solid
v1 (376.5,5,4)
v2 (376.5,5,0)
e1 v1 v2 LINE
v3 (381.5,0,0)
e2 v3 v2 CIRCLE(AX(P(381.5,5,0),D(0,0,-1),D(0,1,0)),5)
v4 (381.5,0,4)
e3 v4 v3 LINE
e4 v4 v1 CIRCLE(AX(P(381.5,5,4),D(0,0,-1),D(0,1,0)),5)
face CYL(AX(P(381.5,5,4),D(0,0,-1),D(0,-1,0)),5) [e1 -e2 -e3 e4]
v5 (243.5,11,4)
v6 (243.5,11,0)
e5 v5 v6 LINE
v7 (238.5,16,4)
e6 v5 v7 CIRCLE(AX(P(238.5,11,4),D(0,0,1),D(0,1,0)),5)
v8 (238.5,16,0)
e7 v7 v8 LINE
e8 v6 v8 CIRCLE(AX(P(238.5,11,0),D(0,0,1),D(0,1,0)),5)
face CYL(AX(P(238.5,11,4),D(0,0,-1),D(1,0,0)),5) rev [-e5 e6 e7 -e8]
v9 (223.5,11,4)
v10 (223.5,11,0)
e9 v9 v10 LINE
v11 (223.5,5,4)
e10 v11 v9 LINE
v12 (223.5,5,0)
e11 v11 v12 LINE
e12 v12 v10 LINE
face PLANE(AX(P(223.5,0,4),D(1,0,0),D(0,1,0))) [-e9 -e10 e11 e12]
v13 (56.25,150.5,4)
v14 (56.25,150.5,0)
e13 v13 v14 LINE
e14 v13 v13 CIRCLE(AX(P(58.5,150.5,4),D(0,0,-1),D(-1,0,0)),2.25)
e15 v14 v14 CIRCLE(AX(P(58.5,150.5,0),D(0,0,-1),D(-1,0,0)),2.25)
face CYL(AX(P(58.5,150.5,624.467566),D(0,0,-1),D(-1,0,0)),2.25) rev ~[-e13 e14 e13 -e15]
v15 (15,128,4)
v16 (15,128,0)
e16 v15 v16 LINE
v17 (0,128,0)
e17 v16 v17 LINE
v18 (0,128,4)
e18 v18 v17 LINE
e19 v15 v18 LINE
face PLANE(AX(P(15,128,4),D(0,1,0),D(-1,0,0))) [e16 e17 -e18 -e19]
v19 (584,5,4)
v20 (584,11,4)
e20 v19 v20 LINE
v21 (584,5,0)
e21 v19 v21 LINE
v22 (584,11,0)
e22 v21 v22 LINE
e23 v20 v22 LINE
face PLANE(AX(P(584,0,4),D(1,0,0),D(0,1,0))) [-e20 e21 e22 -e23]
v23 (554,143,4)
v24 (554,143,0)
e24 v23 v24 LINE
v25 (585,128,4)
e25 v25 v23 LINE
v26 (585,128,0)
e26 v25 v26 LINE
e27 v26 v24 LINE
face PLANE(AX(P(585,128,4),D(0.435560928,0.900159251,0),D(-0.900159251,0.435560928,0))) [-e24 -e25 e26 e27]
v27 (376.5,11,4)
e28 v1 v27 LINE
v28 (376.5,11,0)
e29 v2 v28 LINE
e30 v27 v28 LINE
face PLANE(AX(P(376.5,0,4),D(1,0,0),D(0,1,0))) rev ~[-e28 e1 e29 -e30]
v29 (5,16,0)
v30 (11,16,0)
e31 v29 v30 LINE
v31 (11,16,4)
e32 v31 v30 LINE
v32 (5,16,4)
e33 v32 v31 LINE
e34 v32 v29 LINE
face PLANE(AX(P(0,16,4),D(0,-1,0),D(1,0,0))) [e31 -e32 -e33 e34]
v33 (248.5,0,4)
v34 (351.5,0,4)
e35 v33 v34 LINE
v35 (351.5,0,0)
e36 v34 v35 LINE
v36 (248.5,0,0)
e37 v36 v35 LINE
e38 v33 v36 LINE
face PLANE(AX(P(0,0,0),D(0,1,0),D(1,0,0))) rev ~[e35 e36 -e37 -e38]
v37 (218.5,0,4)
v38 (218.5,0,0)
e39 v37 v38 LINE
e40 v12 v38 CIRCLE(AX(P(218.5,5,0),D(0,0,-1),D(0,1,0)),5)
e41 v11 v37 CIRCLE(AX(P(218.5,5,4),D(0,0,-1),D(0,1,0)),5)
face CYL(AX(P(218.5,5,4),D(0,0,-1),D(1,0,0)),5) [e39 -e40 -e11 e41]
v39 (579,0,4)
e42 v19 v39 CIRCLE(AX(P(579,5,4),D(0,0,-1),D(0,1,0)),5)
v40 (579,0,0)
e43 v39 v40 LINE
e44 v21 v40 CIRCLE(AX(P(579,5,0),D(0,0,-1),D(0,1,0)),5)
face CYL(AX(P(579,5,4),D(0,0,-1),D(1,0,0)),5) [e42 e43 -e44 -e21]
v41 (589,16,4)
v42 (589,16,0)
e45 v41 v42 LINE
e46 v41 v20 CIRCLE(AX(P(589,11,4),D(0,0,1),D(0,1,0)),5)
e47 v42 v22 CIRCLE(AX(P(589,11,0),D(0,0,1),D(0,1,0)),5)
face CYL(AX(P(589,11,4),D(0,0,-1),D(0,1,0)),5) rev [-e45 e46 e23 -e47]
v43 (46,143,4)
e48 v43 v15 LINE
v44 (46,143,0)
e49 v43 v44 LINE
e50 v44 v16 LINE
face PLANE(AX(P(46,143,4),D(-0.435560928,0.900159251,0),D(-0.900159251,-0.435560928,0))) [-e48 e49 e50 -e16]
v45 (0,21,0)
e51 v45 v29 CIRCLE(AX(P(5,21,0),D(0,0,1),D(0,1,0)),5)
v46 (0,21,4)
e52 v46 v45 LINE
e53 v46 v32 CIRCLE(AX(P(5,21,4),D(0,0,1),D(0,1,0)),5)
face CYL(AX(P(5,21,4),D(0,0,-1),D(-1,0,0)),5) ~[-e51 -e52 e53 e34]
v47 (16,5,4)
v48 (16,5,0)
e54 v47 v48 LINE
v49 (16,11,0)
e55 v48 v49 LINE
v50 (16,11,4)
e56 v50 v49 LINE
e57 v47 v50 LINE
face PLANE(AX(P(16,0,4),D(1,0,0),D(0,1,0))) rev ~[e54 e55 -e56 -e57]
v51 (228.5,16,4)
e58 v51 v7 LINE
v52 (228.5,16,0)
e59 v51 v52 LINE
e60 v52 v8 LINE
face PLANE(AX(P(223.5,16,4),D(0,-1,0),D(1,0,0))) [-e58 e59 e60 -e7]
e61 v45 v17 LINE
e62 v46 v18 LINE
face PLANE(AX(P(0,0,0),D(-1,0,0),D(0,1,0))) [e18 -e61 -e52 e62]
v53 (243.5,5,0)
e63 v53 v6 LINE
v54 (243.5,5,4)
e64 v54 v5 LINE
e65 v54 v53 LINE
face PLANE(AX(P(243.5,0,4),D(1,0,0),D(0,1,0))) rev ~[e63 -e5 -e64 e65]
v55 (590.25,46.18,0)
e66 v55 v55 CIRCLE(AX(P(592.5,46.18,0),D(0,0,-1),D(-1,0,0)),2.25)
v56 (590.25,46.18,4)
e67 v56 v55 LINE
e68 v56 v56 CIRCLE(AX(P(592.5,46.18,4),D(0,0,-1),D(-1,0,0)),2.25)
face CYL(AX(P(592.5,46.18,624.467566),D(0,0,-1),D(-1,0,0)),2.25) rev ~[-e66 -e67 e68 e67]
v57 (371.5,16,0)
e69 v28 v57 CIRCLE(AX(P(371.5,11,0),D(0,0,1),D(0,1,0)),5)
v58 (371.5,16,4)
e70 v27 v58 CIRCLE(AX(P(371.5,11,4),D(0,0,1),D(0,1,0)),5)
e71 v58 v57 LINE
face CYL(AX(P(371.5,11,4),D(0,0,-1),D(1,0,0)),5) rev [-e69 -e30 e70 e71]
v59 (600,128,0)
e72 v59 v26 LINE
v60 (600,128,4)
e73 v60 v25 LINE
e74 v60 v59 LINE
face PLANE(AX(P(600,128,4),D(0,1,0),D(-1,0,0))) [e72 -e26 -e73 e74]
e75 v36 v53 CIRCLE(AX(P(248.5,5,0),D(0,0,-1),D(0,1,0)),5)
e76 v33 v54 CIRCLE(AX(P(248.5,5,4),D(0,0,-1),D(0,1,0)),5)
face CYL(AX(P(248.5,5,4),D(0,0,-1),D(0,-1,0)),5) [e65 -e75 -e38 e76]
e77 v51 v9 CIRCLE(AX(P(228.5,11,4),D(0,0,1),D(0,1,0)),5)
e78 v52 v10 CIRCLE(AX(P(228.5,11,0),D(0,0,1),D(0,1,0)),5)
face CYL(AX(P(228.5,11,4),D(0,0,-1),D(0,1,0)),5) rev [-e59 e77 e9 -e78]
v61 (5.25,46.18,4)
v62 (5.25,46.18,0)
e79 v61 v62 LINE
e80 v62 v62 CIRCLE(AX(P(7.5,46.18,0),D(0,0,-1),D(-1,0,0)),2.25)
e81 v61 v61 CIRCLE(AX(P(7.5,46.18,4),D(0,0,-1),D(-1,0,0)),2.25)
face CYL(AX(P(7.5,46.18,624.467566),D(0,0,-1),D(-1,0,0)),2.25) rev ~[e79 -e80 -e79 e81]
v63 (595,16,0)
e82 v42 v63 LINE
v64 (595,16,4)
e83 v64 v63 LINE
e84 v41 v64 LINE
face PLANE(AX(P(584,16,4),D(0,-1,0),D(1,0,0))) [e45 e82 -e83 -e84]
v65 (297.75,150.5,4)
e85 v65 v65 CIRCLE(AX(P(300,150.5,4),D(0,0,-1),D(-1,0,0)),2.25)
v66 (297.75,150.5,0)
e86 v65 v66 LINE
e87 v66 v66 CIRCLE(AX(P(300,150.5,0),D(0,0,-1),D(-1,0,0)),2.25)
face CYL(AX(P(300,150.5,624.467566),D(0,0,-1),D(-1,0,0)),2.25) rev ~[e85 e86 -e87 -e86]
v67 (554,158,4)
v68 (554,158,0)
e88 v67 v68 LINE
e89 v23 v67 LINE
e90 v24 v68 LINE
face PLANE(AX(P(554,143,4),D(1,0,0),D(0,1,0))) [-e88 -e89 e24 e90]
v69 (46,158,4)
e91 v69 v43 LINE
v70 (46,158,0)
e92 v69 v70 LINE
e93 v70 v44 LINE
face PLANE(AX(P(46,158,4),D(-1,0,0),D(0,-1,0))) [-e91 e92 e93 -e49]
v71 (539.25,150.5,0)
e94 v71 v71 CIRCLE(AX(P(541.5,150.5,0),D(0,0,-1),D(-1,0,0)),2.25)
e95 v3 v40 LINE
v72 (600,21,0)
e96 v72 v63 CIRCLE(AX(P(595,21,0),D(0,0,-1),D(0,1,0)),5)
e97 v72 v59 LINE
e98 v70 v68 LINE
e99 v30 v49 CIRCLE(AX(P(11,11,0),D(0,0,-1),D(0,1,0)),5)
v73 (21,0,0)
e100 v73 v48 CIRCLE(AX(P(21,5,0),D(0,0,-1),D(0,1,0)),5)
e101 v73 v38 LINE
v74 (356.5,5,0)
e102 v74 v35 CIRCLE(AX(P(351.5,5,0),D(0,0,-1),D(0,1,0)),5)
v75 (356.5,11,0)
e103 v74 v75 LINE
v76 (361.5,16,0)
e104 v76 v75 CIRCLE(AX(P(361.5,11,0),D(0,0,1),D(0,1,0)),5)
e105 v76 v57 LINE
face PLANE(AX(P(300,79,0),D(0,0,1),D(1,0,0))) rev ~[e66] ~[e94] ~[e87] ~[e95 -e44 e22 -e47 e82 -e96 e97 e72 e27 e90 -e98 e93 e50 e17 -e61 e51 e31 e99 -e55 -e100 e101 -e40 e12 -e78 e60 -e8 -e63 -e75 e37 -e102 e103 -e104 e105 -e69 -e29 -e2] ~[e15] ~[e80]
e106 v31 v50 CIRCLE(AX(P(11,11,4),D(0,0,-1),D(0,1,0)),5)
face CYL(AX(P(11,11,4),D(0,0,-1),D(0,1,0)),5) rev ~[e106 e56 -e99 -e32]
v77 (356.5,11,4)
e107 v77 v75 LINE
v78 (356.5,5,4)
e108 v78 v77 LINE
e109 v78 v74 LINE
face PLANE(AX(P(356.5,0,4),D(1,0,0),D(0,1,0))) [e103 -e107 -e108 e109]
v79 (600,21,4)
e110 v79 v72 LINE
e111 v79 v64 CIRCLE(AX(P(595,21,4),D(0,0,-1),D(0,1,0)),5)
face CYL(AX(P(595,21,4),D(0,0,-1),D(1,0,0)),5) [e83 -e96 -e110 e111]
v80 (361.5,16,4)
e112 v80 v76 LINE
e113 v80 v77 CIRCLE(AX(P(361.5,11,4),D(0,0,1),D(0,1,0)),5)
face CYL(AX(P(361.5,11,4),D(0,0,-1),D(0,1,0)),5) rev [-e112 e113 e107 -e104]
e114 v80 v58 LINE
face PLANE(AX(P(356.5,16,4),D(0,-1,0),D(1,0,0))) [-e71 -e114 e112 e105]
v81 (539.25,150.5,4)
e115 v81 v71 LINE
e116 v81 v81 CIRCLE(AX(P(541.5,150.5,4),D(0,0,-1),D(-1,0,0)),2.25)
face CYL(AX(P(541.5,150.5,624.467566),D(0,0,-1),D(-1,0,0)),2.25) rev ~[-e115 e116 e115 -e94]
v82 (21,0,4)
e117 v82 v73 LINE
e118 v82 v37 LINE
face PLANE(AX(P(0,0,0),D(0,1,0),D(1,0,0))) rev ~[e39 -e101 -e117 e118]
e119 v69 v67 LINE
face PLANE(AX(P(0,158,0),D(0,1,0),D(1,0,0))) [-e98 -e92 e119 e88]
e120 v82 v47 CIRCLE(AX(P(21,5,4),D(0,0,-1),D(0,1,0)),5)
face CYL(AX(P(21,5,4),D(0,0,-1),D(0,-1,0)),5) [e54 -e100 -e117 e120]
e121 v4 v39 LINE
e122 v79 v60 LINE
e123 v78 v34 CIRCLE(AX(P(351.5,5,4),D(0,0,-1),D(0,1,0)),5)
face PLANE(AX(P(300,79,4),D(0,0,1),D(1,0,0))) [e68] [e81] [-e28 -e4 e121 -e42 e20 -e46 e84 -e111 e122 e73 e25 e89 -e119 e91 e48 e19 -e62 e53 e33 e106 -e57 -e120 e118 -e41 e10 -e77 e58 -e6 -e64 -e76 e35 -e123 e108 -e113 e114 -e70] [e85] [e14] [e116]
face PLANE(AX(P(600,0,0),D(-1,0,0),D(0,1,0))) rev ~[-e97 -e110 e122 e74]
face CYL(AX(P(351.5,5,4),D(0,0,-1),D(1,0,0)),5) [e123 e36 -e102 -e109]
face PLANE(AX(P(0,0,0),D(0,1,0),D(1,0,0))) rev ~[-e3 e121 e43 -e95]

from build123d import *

# Parameters (mm, degrees)
SKETCH_1_W          = 600
SKETCH_1_H          = 158
EXTRUDE_1_DEPTH     = 4
SKETCH_2_W          = 20
SKETCH_2_H          = 16
SKETCH_2_W_2        = 16
CUT_EXTRUDE_1_DEPTH = 10
FILLET_1_R          = 5
HOLE_WIZARD_M4_1_D  = 4.5


with BuildPart() as part:
    # ｽｹｯﾁ1 → ﾎﾞｽ - 押し出し1 (new body)
    with BuildSketch(Plane.XY):
        with Locations((300, 79)):
            Rectangle(SKETCH_1_W, SKETCH_1_H)
    extrude(amount=EXTRUDE_1_DEPTH)

    # ｽｹｯﾁ2 → ｶｯﾄ - 押し出し1 (cut)
    with BuildSketch(Plane.XY.offset(4)):
        Polygon((46, 158), (46, 143), (15, 128), (0, 128), (0, 158), align=None)
        Polygon((600, 158), (600, 128), (585, 128), (554, 143), (554, 158), align=None)
        with Locations((366.5, 8)):
            Rectangle(SKETCH_2_W, SKETCH_2_H)
        with Locations((8, 8)):
            Rectangle(SKETCH_2_W_2, SKETCH_2_H)
        with Locations((233.5, 8)):
            Rectangle(SKETCH_2_W, SKETCH_2_H)
        with Locations((592, 8)):
            Rectangle(SKETCH_2_W_2, SKETCH_2_H)
    extrude(amount=-CUT_EXTRUDE_1_DEPTH, mode=Mode.SUBTRACT)

    # ﾌｨﾚｯﾄ1
    fillet_1_edges = [part.edges().sort_by_distance(p)[0] for p in [
        (376.5, 0, 2),
        (356.5, 0, 2),
        (356.5, 16, 2),
        (376.5, 16, 2),
        (223.5, 0, 2),
        (223.5, 16, 2),
        (243.5, 16, 2),
        (243.5, 0, 2),
        (0, 16, 2),
        (16, 16, 2),
        (16, 0, 2),
        (584, 16, 2),
        (600, 16, 2),
        (584, 0, 2),
    ]]
    fillet(fillet_1_edges, radius=FILLET_1_R)

    # M4 すきま穴1 (through all)
    with Locations(Plane.XY.offset(4)):
        with Locations((58.5, 150.5), (300, 150.5), (541.5, 150.5), (592.5, 46.18), (7.5, 46.18)):
            Hole(HOLE_WIZARD_M4_1_D / 2)


solid = part.part
